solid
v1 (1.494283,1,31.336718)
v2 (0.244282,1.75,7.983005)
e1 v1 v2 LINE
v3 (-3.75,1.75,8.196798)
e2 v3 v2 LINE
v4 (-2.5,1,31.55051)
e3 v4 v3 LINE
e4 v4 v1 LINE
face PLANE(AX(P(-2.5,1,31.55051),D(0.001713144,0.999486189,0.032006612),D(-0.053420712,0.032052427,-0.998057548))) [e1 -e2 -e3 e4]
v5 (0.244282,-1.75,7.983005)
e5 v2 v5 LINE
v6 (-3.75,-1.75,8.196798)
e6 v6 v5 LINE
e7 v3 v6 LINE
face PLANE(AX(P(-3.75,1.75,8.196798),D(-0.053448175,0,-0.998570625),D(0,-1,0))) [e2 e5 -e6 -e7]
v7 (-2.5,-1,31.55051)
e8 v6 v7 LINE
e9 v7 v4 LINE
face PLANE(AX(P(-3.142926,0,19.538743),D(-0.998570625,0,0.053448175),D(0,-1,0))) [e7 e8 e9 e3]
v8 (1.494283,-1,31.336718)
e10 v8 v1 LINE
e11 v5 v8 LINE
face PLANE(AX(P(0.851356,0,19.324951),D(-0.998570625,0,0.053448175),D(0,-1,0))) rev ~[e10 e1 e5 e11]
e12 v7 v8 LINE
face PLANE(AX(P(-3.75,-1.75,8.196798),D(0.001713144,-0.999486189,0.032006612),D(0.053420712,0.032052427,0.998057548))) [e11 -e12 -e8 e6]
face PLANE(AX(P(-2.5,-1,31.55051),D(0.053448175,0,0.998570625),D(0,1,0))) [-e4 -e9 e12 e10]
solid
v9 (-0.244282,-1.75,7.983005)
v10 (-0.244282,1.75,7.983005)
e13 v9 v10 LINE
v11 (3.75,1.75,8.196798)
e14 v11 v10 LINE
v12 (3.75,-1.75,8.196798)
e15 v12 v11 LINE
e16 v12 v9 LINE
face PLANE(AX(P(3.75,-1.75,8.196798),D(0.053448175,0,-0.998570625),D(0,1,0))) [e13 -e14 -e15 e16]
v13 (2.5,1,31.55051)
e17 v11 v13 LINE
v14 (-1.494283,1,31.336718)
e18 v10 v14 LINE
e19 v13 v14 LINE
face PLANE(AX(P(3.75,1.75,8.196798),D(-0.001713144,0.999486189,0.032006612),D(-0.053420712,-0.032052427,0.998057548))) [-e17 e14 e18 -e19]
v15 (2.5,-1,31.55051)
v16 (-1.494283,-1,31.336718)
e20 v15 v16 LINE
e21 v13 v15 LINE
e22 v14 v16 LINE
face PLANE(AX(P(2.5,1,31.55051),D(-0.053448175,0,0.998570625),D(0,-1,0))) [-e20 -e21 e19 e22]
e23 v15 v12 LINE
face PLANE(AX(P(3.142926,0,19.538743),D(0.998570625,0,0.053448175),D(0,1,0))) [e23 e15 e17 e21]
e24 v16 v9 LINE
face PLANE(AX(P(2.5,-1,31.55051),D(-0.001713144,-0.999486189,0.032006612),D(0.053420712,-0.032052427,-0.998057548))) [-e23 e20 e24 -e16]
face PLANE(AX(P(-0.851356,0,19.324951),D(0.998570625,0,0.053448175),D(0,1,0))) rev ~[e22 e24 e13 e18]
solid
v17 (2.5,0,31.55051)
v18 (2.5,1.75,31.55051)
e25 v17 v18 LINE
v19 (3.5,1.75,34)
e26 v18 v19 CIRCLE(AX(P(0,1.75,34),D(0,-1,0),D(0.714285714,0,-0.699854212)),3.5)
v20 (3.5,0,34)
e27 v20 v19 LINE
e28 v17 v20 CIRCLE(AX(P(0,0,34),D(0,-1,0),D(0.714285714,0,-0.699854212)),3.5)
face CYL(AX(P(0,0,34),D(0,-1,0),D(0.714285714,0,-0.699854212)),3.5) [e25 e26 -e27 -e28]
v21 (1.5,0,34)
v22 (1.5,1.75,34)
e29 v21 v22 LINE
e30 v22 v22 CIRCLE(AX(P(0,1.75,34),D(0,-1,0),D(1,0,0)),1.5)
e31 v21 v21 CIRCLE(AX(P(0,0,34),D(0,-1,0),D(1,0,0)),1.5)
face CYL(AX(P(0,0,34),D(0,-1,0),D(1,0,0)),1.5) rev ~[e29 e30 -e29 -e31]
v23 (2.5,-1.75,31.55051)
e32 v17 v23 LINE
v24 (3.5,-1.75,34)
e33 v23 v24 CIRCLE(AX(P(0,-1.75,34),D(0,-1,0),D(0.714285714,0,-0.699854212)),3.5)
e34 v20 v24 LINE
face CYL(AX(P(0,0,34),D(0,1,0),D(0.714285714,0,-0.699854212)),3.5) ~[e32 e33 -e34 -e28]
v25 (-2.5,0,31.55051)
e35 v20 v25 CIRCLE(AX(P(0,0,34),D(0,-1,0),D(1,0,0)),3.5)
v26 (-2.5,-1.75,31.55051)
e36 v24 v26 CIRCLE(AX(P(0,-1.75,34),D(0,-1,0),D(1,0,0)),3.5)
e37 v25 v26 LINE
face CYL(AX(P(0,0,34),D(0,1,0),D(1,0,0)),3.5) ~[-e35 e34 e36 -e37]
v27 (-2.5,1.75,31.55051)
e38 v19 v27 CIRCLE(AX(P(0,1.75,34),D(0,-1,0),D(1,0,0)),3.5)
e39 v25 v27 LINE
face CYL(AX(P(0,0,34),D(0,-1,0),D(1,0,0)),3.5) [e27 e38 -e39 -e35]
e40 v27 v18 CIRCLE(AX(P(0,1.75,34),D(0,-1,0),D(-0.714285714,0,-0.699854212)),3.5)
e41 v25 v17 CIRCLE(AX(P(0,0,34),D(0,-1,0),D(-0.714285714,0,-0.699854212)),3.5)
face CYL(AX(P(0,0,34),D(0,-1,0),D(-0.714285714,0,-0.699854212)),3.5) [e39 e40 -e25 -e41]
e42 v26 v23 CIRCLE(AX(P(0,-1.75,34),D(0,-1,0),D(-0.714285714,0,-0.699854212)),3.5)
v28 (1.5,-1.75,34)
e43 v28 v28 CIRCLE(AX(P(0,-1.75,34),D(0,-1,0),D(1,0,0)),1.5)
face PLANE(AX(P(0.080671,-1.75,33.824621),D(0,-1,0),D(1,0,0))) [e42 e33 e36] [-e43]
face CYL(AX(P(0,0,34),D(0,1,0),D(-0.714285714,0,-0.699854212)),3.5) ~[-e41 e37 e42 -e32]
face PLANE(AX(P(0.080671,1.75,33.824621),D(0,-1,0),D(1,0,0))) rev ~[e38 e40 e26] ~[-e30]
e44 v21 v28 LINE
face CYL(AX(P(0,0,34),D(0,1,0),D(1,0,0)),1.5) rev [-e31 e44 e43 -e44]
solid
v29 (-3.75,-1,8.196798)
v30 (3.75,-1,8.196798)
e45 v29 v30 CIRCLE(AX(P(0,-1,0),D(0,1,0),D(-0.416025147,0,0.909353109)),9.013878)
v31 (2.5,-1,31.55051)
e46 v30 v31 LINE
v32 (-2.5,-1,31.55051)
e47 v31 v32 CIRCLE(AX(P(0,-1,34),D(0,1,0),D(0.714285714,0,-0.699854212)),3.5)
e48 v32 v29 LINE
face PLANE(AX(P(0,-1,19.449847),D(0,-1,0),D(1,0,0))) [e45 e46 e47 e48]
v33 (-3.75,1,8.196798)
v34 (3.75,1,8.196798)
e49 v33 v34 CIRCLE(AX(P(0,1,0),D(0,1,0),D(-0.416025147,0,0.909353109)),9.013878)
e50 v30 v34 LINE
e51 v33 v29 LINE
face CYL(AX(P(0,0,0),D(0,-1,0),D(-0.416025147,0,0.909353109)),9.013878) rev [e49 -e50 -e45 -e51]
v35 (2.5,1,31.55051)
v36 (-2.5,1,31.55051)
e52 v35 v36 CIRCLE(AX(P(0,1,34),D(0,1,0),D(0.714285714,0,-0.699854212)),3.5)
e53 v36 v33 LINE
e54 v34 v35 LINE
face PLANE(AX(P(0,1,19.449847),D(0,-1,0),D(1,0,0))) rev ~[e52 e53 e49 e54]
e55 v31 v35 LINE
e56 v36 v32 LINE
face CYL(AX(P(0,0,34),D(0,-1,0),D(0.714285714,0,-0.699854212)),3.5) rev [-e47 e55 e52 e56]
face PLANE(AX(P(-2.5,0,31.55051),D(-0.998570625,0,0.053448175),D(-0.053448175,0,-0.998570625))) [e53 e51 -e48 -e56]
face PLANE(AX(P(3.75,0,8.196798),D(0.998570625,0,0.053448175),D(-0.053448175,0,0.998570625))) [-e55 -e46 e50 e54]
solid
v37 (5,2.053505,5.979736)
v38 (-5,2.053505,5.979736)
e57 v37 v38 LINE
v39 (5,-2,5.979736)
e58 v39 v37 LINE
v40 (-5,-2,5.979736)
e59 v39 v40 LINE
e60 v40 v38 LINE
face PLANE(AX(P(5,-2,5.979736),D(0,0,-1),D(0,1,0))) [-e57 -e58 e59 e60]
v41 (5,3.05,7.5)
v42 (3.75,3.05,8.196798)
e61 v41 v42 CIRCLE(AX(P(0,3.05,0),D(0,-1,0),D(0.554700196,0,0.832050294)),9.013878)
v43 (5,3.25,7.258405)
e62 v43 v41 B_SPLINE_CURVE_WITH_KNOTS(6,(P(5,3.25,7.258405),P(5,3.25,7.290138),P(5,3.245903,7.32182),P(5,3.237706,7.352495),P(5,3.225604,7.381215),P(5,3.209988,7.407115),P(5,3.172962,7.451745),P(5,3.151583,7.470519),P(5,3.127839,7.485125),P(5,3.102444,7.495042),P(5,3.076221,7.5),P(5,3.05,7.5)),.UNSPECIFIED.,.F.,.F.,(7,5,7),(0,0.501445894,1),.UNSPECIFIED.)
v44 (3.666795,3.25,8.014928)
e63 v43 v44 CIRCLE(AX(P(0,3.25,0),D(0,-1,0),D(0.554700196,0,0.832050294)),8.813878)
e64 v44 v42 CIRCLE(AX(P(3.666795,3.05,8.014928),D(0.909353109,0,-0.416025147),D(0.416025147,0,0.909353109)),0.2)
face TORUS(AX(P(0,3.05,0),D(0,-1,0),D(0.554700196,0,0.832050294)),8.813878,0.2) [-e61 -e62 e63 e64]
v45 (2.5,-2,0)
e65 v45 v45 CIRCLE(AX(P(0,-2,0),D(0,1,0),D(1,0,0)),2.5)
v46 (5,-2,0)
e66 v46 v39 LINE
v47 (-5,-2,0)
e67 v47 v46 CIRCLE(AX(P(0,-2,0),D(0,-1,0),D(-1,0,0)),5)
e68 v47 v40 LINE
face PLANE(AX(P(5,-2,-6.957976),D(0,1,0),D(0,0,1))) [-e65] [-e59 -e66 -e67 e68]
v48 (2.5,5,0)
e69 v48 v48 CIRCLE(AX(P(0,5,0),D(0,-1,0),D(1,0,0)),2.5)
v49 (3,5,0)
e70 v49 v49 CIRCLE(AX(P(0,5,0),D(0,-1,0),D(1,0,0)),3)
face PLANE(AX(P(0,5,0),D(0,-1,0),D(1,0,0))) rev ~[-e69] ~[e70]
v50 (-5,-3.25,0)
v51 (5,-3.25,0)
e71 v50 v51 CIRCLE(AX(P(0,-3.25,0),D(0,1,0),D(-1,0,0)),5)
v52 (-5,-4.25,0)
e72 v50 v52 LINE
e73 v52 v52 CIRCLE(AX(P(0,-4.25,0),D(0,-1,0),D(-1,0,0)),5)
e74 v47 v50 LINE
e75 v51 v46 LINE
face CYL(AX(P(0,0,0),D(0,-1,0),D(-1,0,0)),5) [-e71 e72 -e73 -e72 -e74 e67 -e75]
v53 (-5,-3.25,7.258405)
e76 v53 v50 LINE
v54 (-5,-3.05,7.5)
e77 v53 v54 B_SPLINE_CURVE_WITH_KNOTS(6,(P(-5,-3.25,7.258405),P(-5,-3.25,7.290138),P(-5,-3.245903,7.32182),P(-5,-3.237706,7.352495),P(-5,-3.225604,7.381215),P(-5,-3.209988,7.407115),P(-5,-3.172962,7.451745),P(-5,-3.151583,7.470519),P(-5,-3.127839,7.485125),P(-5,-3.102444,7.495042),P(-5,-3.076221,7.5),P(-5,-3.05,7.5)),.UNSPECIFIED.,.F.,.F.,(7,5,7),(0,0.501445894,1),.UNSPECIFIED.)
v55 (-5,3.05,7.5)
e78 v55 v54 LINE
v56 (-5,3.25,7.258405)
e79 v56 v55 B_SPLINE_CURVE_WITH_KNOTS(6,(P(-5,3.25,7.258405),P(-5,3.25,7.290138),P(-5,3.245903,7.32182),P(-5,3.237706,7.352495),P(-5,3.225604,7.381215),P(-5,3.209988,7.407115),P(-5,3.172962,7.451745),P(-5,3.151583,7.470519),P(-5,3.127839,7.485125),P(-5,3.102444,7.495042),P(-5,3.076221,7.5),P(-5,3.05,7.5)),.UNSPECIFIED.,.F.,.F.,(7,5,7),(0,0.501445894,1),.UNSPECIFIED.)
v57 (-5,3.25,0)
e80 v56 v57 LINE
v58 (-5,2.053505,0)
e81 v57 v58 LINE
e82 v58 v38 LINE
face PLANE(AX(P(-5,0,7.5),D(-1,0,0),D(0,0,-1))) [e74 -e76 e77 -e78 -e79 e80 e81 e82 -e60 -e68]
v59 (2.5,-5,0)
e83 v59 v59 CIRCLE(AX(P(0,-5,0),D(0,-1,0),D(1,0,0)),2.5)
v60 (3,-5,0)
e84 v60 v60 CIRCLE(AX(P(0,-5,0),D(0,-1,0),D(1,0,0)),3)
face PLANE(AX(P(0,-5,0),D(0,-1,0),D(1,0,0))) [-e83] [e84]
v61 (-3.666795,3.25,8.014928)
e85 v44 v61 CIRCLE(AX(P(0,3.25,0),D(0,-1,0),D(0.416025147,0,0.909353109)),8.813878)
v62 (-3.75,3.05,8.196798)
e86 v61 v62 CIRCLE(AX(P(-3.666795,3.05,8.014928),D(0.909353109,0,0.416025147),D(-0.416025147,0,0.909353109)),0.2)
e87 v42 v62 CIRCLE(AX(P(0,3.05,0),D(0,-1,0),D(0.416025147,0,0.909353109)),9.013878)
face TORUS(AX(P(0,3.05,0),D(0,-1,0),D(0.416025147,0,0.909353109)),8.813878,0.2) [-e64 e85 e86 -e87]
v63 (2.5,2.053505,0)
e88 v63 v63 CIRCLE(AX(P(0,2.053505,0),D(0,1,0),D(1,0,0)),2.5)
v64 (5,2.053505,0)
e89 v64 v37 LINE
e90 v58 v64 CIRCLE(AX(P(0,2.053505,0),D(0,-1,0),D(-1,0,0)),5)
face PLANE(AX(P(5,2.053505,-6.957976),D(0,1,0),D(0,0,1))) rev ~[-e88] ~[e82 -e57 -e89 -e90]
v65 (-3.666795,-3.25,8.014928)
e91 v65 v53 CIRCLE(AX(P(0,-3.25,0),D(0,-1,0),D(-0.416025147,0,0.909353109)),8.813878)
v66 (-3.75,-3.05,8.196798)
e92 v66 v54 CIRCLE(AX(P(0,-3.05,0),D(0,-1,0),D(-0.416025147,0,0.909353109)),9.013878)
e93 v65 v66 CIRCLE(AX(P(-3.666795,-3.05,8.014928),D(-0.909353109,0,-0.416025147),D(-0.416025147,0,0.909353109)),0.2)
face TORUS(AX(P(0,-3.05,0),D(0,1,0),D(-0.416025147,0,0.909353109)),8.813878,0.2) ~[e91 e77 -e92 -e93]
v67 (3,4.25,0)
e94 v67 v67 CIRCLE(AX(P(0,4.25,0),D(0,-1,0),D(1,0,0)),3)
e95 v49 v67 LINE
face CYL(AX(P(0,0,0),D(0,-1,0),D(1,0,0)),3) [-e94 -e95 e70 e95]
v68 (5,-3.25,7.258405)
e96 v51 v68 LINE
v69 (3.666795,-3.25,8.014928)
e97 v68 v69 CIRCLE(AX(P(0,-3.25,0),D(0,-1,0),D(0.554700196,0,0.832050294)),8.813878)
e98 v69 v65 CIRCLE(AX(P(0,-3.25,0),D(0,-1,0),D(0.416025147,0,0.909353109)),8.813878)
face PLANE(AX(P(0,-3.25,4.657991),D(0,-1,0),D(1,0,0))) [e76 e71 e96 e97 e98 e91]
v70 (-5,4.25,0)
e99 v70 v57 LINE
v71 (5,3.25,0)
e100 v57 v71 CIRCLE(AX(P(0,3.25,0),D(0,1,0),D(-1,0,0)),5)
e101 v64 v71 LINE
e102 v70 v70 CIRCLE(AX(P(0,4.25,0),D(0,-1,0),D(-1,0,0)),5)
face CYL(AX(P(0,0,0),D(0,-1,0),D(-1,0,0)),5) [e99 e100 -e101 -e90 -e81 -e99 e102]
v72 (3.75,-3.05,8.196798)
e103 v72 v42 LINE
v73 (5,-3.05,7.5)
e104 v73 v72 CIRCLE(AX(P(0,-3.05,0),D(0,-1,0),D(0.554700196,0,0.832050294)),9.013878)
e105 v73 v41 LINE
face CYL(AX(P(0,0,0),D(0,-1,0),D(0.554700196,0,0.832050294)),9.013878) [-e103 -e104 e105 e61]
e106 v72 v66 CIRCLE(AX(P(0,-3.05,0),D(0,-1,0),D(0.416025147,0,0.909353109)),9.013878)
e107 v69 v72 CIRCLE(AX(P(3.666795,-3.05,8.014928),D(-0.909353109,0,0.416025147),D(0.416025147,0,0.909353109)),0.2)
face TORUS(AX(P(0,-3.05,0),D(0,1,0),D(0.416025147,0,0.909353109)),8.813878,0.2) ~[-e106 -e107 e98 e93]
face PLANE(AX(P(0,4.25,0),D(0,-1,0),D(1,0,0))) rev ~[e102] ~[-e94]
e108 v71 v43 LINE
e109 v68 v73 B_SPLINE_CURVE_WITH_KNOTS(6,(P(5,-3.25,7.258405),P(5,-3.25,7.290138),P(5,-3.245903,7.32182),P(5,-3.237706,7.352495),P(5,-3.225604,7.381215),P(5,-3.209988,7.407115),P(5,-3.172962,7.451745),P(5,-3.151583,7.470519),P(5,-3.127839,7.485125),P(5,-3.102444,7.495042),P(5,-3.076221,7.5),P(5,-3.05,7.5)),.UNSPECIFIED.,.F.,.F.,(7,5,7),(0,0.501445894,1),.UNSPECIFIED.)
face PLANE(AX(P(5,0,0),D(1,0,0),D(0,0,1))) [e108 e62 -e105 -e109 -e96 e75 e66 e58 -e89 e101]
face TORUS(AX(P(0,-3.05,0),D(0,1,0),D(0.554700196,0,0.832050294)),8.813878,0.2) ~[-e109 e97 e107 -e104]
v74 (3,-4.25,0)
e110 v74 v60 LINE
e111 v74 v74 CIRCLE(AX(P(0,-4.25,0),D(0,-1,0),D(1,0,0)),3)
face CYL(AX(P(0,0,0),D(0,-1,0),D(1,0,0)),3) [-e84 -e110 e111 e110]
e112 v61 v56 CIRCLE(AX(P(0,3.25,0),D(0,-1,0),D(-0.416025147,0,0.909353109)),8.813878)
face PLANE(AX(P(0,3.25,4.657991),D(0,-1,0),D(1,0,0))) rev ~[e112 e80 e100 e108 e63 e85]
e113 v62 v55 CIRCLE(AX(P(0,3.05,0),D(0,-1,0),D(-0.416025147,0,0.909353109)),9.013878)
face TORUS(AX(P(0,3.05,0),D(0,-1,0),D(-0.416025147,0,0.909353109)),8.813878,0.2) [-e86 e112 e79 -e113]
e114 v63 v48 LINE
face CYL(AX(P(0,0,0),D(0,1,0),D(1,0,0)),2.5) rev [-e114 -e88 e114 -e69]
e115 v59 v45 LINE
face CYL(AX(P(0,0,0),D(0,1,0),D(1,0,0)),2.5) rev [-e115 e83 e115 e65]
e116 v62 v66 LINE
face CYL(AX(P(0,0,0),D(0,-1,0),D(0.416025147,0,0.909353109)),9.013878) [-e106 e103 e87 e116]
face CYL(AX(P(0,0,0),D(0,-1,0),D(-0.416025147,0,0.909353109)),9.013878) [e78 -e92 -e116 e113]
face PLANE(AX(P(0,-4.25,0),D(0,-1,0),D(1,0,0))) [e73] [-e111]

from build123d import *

# Parameters (mm, degrees)
F1_DEPTH  = 3.25
F0_R      = 3
F2_DEPTH  = 4.25
F0_R_2    = 2.5
F3_DEPTH  = 5
F6_W      = 4.0535052015
F6_H      = 12.9377121635
F7_DEPTH  = 10
F0_R_3    = 1.5
F8_DEPTH  = 1.75
F9_DEPTH  = 1
F12_DEPTH = 4
F15_DEPTH = 4
F16_R     = 0.2


with BuildPart() as f1:
    # F0 (on Front) → F1 (new body, symmetric)
    with BuildSketch(Plane.XZ):
        with BuildLine():
            ThreePointArc((3.75, 8.1967981554), (0, 9.0138781887), (-3.75, 8.1967981554))
            ThreePointArc((-3.75, 8.1967981554), (-4.3888502956, 7.8732453971), (-5, 7.5))
            Line((-5, 7.5), (-5, 0))
            ThreePointArc((-5, 0), (0, 5), (5, 0))
            Line((5, 0), (5, 7.5))
            ThreePointArc((5, 7.5), (4.3888502956, 7.8732453971), (3.75, 8.1967981554))
        make_face()
    extrude(amount=F1_DEPTH, both=True)

    # F0 (on Front) → F2 (join, symmetric)
    with BuildSketch(Plane.XZ):
        with BuildLine():
            ThreePointArc((5, 0), (0, 5), (-5, 0))
            ThreePointArc((-5, 0), (0, -5), (5, 0))
        make_face()
        Circle(F0_R, mode=Mode.SUBTRACT)
    extrude(amount=F2_DEPTH, both=True)

    # F0 (on Front) → F3 (join, symmetric)
    with BuildSketch(Plane.XZ):
        Circle(F0_R)
        Circle(F0_R_2, mode=Mode.SUBTRACT)
    extrude(amount=F3_DEPTH, both=True)

    # F6 (on offset) → F7 (cut)
    with BuildSketch(Plane.YZ.offset(5)):
        with Locations((0.0267526008, -0.4891203716)):
            Rectangle(F6_W, F6_H)
    extrude(amount=-F7_DEPTH, mode=Mode.SUBTRACT)

    # F16
    f16_edges = [f1.edges().sort_by_distance(p)[0] for p in [
        (0, -3.25, 9.013878),
        (0, 3.25, 9.013878),
    ]]
    fillet(f16_edges, radius=F16_R)


with BuildPart() as f8:
    # F0 (on Front) → F8 (new body, symmetric)
    with BuildSketch(Plane.XZ):
        with BuildLine():
            ThreePointArc((2.5, 31.5505102572), (3.2403703492, 32.6771243445), (3.5, 34))
            ThreePointArc((3.5, 34), (-1.3228756555, 37.2403703492), (-2.5, 31.5505102572))
            ThreePointArc((-2.5, 31.5505102572), (0, 30.5), (2.5, 31.5505102572))
        make_face()
        with Locations((0, 34)):
            Circle(F0_R_3, mode=Mode.SUBTRACT)
    extrude(amount=F8_DEPTH, both=True)


with BuildPart() as f9:
    # F0 (on Front) → F9 (new body, symmetric)
    with BuildSketch(Plane.XZ):
        with BuildLine():
            ThreePointArc((2.5, 31.5505102572), (0, 30.5), (-2.5, 31.5505102572))
            Line((-2.5, 31.5505102572), (-3.75, 8.1967981554))
            ThreePointArc((-3.75, 8.1967981554), (0, 9.0138781887), (3.75, 8.1967981554))
            Line((3.75, 8.1967981554), (2.5, 31.5505102572))
        make_face()
    extrude(amount=F9_DEPTH, both=True)


with BuildPart() as f12:
    # F11 (on offset) → F12 (new body)
    with BuildSketch(Plane(origin=(4.1767650311, 0, 0.2235600176), x_dir=(0, 1, 0), z_dir=(0.9985706248, 0, 0.0534481746))):
        Polygon((-1, 31.3717923027), (-1.75, 7.9846512005), (1.75, 7.9846512005), (1, 31.3717923027), align=None)
    extrude(amount=-F12_DEPTH)


with BuildPart() as f15:
    # F14 (on offset) → F15 (new body)
    with BuildSketch(Plane(origin=(-4.1767650311, 0, 0.2235600176), x_dir=(0, -1, 0), z_dir=(-0.9985706248, 0, 0.0534481746))):
        Polygon((-1, 31.3717923027), (-1.75, 7.9846512005), (1.75, 7.9846512005), (1, 31.3717923027), align=None)
    extrude(amount=-F15_DEPTH)


solid = Compound([f1.part, f8.part, f9.part, f12.part, f15.part])
